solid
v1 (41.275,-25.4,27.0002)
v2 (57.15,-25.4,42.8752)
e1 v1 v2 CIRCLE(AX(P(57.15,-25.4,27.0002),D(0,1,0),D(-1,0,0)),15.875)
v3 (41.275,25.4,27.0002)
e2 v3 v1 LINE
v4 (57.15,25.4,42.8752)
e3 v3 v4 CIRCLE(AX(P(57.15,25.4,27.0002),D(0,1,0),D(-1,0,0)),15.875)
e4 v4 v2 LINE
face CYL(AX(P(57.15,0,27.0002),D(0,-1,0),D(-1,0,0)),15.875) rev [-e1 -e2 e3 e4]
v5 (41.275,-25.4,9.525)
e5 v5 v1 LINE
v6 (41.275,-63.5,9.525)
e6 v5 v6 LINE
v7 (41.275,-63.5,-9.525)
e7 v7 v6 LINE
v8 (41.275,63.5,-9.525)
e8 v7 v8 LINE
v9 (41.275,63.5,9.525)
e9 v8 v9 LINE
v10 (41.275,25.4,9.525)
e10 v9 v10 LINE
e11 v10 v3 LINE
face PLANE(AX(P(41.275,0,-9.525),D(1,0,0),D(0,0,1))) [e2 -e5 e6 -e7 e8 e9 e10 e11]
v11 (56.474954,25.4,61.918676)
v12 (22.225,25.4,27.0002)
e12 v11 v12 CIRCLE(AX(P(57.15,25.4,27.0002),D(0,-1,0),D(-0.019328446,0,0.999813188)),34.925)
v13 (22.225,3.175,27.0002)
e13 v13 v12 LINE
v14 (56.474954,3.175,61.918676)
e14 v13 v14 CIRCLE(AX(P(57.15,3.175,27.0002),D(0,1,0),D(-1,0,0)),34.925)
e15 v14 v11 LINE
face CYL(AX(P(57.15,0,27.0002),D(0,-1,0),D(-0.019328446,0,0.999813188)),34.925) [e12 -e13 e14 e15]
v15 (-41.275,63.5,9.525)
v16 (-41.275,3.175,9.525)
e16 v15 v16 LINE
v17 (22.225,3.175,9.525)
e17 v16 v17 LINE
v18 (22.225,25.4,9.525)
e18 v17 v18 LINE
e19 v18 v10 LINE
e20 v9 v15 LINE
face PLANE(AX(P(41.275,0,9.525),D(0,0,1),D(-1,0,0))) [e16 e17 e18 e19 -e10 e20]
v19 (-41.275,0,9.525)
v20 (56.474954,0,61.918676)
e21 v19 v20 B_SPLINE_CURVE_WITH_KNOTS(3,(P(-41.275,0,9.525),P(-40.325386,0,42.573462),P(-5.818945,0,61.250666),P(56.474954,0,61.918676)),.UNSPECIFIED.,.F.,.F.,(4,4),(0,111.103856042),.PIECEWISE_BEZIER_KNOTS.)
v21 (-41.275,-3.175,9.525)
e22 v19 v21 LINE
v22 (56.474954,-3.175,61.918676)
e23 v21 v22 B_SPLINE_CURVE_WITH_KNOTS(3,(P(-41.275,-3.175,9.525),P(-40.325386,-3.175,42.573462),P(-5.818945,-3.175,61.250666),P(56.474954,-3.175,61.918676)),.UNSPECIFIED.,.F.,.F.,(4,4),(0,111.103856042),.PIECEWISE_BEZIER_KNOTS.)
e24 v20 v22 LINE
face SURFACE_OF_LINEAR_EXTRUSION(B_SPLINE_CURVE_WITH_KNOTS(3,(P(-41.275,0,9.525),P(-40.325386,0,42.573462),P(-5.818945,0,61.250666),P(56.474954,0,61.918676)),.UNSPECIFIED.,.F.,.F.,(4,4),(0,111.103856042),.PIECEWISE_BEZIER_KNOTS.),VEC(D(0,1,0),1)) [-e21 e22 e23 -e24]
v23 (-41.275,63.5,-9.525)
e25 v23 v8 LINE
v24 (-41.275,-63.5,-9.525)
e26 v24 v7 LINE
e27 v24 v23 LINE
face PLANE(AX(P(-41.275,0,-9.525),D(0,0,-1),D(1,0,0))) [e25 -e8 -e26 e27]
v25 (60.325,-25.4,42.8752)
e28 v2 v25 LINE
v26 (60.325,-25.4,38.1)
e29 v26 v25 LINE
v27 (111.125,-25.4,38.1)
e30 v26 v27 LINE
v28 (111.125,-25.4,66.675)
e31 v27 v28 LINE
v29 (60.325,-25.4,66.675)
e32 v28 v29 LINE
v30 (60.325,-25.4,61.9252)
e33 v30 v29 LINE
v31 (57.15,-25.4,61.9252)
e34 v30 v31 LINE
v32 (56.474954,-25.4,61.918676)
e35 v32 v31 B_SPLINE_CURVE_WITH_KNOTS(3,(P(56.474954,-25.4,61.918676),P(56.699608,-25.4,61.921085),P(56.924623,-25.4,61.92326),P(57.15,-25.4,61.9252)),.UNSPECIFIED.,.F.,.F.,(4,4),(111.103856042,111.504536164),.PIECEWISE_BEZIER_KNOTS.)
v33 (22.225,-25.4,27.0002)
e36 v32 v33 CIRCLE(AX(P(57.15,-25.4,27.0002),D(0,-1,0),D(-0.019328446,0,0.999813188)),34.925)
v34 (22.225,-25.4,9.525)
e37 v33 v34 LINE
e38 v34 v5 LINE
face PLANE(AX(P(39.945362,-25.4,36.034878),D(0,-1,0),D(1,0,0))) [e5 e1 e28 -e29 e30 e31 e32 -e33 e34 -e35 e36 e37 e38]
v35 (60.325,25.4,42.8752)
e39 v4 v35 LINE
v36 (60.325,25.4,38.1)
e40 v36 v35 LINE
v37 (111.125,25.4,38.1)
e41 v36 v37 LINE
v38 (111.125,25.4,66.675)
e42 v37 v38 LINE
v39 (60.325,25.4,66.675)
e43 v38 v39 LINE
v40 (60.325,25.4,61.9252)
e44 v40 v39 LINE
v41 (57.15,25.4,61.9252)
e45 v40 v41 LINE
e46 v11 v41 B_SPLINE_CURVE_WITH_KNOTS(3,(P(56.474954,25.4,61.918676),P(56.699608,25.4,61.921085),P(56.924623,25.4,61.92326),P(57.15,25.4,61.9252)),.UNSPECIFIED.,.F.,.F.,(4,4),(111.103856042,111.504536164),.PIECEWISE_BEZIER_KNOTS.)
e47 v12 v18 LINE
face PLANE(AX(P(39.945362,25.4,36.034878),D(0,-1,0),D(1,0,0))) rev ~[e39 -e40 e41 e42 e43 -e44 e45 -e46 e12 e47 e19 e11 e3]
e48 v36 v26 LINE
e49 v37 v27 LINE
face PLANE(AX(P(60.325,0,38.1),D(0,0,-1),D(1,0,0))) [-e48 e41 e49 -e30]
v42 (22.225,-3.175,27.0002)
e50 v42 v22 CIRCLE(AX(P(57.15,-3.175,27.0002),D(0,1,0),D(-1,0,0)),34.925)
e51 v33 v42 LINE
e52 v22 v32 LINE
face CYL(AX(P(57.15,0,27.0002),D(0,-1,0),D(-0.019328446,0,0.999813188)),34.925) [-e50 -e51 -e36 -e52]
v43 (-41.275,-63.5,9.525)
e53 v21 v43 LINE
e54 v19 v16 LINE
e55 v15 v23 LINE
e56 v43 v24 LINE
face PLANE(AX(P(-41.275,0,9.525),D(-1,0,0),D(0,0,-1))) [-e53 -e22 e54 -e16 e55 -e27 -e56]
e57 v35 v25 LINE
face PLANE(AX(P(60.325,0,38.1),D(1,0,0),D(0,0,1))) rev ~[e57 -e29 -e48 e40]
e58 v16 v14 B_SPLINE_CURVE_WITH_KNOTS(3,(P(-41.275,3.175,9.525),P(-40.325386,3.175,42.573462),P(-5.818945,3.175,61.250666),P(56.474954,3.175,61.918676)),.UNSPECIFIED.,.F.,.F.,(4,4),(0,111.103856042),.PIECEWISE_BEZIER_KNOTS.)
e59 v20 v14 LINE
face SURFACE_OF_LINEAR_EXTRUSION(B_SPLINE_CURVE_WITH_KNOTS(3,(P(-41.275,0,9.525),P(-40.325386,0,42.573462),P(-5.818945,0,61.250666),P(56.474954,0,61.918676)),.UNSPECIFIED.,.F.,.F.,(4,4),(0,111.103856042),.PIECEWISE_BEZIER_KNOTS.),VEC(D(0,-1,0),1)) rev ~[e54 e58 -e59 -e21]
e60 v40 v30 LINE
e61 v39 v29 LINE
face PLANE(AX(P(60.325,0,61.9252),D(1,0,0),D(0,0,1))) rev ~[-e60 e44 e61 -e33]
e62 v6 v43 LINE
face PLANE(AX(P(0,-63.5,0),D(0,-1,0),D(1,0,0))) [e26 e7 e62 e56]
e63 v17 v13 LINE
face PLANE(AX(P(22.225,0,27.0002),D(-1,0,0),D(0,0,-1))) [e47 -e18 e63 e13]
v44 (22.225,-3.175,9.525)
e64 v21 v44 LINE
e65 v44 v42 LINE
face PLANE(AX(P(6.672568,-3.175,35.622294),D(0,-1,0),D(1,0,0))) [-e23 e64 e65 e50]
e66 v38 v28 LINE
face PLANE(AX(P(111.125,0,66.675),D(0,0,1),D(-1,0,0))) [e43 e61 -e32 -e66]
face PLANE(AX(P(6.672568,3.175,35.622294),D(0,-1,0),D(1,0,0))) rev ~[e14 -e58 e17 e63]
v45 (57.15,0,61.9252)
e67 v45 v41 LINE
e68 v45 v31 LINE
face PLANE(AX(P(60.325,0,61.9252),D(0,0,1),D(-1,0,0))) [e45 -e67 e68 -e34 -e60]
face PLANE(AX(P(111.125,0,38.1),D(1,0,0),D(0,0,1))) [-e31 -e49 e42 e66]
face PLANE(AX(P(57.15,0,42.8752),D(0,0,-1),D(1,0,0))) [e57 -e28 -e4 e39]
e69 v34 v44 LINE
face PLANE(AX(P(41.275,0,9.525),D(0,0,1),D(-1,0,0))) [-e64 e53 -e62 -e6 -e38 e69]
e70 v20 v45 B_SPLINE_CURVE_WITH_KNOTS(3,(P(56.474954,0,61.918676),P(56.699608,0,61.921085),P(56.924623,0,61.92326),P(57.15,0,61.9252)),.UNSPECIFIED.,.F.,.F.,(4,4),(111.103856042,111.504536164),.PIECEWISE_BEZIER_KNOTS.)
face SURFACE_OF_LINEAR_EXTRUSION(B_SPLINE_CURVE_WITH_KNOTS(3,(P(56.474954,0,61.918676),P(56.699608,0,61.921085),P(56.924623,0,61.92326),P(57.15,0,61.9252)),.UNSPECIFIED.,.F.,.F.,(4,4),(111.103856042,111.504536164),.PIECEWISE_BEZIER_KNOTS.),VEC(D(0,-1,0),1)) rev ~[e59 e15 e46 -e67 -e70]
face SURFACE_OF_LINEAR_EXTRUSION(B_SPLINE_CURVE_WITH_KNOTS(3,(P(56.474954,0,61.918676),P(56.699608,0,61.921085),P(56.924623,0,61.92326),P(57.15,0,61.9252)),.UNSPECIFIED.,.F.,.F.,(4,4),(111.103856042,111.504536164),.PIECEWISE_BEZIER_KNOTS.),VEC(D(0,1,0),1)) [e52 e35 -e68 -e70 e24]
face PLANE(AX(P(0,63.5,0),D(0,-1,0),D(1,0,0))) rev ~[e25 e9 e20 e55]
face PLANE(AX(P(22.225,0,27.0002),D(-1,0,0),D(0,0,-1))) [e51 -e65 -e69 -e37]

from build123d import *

# Parameters (mm, degrees)
F1_DEPTH = 63.5
F0_W     = 25.4
F0_H     = 19.05
F0_H_2   = 4.7498
F0_H_3   = 4.7752
F2_DEPTH = 25.4
F3_DEPTH = 3.175


with BuildPart() as f1:
    # F0 (on Front) → F1 (new body, symmetric)
    with BuildSketch(Plane.XZ):
        Polygon((41.275, -9.525), (41.275, 9.525), (22.225, 9.525), (-41.275, 9.525), (-41.275, -9.525), align=None)
    extrude(amount=F1_DEPTH, both=True)

    # F0 (on Front) → F2 (join, symmetric)
    with BuildSketch(Plane.XZ):
        with BuildLine():
            Line((22.225, 9.525), (41.275, 9.525))
            Line((41.275, 9.525), (41.275, 27.0002))
            ThreePointArc((41.275, 27.0002), (45.9246798487, 38.2255201513), (57.15, 42.8752))
            Line((57.15, 42.8752), (60.325, 42.8752))
            Line((60.325, 42.8752), (60.325, 61.9252))
            Line((60.325, 61.9252), (57.15, 61.9252))
            add(Edge.make_bspline(
                [(56.4749540352, 61.918675596), (56.6996080487, 61.9210846783), (56.9246234605, 61.9232595365), (57.15, 61.9252)],
                knots=[111.1038560416, 111.1038560416, 111.1038560416, 111.1038560416, 111.5045361635, 111.5045361635, 111.5045361635, 111.5045361635], degree=3))
            ThreePointArc((56.4749540352, 61.918675596), (32.2167731198, 51.4560750066), (22.225, 27.0002))
            Line((22.225, 27.0002), (22.225, 9.525))
        make_face()
        with Locations((73.025, 52.4002)):
            Rectangle(F0_W, F0_H)
        Polygon((85.725, 61.9252), (85.725, 42.8752), (85.725, 38.1), (111.125, 38.1), (111.125, 66.675), (85.725, 66.675), align=None)
        with Locations((73.025, 64.3001)):
            Rectangle(F0_W, F0_H_2)
        with Locations((73.025, 40.4876)):
            Rectangle(F0_W, F0_H_3)
    extrude(amount=F2_DEPTH, both=True)

    # F0 (on Front) → F3 (join, symmetric)
    with BuildSketch(Plane.XZ):
        with BuildLine():
            Line((-41.275, 9.525), (22.225, 9.525))
            Line((22.225, 9.525), (22.225, 27.0002))
            ThreePointArc((22.225, 27.0002), (32.2167731198, 51.4560750066), (56.4749540352, 61.918675596))
            add(Edge.make_bspline(
                [(-41.275, 9.525), (-40.3253856931, 42.5734618465), (-5.8189452735, 61.2506655739), (56.4749540352, 61.918675596)],
                knots=[0, 0, 0, 0, 111.1038560416, 111.1038560416, 111.1038560416, 111.1038560416], degree=3))
        make_face()
    extrude(amount=F3_DEPTH, both=True)


solid = f1.part
